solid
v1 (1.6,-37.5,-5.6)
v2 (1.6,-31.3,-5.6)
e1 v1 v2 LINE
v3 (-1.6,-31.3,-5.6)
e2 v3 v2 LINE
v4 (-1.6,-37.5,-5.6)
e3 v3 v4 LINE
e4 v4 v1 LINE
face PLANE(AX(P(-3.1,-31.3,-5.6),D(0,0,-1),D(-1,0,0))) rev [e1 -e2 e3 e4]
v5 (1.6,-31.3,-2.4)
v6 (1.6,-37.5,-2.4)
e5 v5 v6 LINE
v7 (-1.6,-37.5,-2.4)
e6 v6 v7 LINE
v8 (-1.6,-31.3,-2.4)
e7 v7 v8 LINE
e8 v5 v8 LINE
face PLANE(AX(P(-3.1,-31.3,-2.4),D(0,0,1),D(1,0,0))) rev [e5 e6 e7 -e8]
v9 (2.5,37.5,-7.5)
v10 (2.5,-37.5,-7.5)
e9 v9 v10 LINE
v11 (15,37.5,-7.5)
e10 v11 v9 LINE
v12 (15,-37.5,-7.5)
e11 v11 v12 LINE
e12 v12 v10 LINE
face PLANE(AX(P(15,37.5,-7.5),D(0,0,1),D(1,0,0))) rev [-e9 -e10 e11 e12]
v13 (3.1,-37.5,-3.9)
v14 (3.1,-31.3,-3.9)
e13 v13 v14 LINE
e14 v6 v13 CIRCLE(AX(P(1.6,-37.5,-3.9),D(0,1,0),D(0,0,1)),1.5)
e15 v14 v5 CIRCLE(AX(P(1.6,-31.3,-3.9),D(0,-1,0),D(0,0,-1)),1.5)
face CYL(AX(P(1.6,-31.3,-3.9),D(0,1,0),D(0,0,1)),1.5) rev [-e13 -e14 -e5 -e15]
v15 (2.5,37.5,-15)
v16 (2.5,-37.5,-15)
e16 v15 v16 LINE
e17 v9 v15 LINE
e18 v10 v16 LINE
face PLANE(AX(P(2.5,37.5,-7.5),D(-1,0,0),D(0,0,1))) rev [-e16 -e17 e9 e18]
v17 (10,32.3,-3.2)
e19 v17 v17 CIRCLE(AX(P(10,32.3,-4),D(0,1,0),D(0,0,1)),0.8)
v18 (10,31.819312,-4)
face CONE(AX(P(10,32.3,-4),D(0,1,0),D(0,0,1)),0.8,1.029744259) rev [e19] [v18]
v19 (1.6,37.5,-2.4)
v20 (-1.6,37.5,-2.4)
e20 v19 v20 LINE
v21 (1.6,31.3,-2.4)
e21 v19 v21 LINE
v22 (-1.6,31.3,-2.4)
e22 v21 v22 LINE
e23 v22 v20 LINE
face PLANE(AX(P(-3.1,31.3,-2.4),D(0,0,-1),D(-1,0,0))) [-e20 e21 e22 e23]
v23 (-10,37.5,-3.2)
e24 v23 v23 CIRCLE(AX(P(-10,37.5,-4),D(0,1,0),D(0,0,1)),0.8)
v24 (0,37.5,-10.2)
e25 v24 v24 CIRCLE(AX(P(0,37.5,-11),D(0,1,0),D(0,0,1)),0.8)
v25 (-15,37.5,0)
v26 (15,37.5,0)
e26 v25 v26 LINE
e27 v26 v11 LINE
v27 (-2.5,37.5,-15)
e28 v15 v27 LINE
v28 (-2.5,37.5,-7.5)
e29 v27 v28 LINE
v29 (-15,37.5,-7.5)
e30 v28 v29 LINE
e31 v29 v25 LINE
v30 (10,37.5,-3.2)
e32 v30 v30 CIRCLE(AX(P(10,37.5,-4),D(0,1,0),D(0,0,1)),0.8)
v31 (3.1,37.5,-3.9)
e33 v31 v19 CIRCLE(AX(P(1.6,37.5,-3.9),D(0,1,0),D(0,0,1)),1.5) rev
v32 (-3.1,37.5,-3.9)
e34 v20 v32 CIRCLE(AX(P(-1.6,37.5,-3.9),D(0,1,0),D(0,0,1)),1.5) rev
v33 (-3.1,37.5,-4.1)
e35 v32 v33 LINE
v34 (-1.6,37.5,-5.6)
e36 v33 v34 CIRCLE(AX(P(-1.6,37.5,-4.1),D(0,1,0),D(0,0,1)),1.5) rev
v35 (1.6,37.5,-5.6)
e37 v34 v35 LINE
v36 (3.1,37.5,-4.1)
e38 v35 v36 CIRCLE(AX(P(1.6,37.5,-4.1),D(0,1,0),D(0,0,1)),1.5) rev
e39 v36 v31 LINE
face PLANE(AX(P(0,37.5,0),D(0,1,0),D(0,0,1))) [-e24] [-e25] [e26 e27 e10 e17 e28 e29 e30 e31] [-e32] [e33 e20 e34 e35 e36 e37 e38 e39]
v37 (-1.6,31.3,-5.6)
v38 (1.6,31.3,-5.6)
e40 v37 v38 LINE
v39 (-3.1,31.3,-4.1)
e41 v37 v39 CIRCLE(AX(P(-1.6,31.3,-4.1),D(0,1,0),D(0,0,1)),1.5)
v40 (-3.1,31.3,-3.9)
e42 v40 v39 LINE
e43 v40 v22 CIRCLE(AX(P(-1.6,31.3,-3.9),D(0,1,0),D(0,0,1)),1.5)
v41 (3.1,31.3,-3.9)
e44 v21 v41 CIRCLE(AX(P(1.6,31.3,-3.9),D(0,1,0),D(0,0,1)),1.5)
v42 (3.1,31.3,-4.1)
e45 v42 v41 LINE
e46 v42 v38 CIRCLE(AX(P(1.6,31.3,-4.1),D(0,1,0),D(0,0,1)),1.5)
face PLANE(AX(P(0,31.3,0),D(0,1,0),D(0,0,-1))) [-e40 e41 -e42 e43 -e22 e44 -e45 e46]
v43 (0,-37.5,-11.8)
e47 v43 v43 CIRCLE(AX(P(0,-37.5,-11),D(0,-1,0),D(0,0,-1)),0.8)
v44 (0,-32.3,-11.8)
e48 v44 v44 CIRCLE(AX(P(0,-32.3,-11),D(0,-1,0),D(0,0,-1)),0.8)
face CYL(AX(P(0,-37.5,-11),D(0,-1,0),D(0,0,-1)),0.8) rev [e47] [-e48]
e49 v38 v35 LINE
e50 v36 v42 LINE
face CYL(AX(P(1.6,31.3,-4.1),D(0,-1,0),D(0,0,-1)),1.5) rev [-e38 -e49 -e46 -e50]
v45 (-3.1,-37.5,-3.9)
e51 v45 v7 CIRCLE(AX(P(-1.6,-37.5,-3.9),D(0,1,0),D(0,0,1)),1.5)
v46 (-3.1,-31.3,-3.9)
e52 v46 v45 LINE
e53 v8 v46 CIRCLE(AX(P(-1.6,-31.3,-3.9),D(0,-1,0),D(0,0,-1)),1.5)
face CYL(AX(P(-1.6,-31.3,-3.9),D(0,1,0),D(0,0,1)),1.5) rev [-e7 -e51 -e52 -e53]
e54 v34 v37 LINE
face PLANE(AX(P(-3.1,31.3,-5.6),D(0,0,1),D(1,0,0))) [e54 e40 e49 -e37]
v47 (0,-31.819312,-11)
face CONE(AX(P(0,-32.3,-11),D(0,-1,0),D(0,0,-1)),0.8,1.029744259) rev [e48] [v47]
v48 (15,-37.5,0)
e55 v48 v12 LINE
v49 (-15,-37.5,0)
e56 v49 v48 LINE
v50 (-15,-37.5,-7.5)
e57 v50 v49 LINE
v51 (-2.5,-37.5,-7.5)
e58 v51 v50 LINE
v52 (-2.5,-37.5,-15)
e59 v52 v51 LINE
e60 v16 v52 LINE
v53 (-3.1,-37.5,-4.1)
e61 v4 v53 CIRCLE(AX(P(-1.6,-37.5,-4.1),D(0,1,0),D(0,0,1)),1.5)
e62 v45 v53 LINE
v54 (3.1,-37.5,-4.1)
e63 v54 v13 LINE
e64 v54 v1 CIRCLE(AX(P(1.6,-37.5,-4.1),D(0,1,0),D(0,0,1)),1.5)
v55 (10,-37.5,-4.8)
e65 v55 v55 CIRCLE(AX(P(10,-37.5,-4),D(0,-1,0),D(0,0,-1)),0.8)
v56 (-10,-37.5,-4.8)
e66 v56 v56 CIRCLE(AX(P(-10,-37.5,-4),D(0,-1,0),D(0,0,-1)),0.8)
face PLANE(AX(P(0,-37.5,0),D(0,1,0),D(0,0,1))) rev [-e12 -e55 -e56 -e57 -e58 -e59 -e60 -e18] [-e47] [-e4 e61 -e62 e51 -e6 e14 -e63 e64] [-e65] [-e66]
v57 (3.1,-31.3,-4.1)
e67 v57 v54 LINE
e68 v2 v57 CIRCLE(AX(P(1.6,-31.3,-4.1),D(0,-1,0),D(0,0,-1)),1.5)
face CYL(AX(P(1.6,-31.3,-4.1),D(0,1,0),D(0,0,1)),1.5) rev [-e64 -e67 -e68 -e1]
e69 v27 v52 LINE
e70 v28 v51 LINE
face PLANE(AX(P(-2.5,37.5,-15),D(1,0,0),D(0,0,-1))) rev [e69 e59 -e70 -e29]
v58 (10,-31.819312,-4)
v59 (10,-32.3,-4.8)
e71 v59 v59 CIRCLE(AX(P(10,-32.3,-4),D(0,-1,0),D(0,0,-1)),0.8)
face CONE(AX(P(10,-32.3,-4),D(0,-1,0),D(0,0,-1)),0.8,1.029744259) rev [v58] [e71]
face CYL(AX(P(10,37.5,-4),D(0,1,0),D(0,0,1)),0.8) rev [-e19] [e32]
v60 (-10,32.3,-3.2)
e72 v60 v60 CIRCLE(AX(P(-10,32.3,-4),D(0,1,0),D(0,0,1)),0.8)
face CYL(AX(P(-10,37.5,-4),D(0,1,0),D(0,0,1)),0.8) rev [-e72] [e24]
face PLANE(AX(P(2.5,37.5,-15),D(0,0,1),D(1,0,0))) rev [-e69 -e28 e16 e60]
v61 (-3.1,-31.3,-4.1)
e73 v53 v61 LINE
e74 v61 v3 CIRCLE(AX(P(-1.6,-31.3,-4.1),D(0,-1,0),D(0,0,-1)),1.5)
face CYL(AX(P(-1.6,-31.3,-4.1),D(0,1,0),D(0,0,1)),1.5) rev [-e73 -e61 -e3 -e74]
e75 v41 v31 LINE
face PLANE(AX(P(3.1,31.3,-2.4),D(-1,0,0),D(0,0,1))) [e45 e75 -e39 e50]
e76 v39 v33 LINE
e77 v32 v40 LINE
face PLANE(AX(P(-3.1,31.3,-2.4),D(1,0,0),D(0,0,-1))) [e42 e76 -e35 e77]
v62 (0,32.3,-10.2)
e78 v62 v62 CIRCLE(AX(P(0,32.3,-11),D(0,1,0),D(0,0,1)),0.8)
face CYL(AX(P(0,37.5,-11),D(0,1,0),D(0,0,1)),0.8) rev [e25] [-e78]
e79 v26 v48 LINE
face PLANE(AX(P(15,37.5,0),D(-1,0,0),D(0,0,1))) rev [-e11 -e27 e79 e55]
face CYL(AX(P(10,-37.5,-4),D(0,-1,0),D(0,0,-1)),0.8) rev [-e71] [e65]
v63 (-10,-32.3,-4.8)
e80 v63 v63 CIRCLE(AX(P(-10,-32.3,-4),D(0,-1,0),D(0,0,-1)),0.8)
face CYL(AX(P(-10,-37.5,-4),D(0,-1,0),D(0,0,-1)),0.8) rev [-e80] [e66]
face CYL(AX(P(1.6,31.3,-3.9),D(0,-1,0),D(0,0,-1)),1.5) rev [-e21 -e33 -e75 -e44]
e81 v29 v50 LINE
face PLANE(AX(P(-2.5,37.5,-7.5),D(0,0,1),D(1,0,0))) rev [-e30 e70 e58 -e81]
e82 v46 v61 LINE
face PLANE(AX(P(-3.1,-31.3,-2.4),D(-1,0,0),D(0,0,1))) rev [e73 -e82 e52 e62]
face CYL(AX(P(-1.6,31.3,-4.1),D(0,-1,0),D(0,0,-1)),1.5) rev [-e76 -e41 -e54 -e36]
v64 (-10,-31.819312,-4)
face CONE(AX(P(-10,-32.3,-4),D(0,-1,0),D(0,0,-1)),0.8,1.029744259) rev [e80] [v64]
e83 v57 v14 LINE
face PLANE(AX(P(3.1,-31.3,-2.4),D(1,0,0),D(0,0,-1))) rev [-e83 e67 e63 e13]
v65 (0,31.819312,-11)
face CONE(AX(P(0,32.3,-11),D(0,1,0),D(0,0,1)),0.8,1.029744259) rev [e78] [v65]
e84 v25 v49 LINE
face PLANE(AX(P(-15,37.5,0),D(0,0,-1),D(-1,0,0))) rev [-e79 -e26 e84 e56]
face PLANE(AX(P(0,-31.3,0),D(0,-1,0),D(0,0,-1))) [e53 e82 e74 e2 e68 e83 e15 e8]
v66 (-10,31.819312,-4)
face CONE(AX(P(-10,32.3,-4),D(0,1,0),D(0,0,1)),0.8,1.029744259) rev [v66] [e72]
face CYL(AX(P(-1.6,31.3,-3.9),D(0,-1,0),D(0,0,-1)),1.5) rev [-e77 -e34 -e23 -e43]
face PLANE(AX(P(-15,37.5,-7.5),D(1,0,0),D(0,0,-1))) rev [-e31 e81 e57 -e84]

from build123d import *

# Parameters (mm, degrees)
BOSS_EXTRUDE1_DEPTH        = 37.5
SKETCH2_W                  = 6.2
SKETCH2_H                  = 3.2
CUT_EXTRUDE1_DEPTH         = 6.2
FILLET1_R                  = 1.5
M2_TAPPED_HOLE1_AT_2_COUNT = 2
M2_TAPPED_HOLE1_AT_2_PITCH = 12.206555616
M2_TAPPED_HOLE1_AT_3_COUNT = 2
M2_TAPPED_HOLE1_AT_3_PITCH = 20
FILLET1_OF_MIRROR1_R       = 1.5


with BuildPart() as part:
    # Sketch1 → Boss-Extrude1 (new body, symmetric)
    with BuildSketch(Plane(origin=(0, 0, 0), x_dir=(1, 0, 0), z_dir=(0, 1, 0))):
        Polygon((-15, 0), (15, 0), (15, 7.5), (2.5, 7.5), (2.5, 15), (-2.5, 15), (-2.5, 7.5), (-15, 7.5), align=None)
    extrude(amount=BOSS_EXTRUDE1_DEPTH, both=True)

    # Sketch2 → Cut-Extrude1 (cut)
    with BuildSketch(Plane.XZ.offset(37.5)):
        with Locations((0, -4)):
            Rectangle(SKETCH2_W, SKETCH2_H)
    cut_extrude1 = extrude(amount=-CUT_EXTRUDE1_DEPTH, mode=Mode.SUBTRACT)

    # Fillet1
    fillet1_edges = [part.edges().sort_by_distance(p)[0] for p in [
        (-3.1, -34.4, -5.6),
        (-3.1, -34.4, -2.4),
        (3.1, -34.4, -2.4),
        (3.1, -34.4, -5.6),
    ]]
    fillet(fillet1_edges, radius=FILLET1_R)

    # Sketch6 → M2 Tapped Hole1 (revolve, cut)
    with BuildSketch(Plane(origin=(-10, -37.5, -4), x_dir=(0, 0, -1), z_dir=(1, 0, 0))):
        Polygon((0, 0), (0, 5.680688495), (0.8, 5.2), (0.8, 0), align=None)
    m2_tapped_hole1 = revolve(axis=Axis((-10, -43.85, -4), (0, 1, 0)), mode=Mode.SUBTRACT)

    # M2 Tapped Hole1 at 2: M2 Tapped Hole1 ×2
    with Locations(*[Vector(0.819231921, 0, -0.573462344) * (i * M2_TAPPED_HOLE1_AT_2_PITCH) for i in range(1, M2_TAPPED_HOLE1_AT_2_COUNT)]):
        add(m2_tapped_hole1, mode=Mode.SUBTRACT)

    # M2 Tapped Hole1 at 3: M2 Tapped Hole1 ×2
    with Locations(*[(i * M2_TAPPED_HOLE1_AT_3_PITCH, 0, 0) for i in range(1, M2_TAPPED_HOLE1_AT_3_COUNT)]):
        add(m2_tapped_hole1, mode=Mode.SUBTRACT)

    # Mirror1: M2 Tapped Hole1, Cut-Extrude1 across plane
    add(m2_tapped_hole1.mirror(Plane.ZX), mode=Mode.SUBTRACT)
    add(cut_extrude1.mirror(Plane.ZX), mode=Mode.SUBTRACT)

    # Mirror1 copy 1 sketch → Mirror1 copy 1 (revolve, cut)
    with BuildSketch(Plane(origin=(0, 37.5, -11), x_dir=(0, 0, -1), z_dir=(1, 0, 0))):
        Polygon((0, 0), (0, -5.680688495), (0.8, -5.2), (0.8, 0), align=None)
    revolve(axis=Axis((0, 43.85, -11), (0, 1, 0)), mode=Mode.SUBTRACT)

    # Mirror1 copy 2 sketch → Mirror1 copy 2 (revolve, cut)
    with BuildSketch(Plane(origin=(10, 37.5, -4), x_dir=(0, 0, -1), z_dir=(1, 0, 0))):
        Polygon((0, 0), (0, -5.680688495), (0.8, -5.2), (0.8, 0), align=None)
    revolve(axis=Axis((10, 43.85, -4), (0, 1, 0)), mode=Mode.SUBTRACT)

    # Fillet1 of Mirror1
    fillet1_of_mirror1_edges = [part.edges().sort_by_distance(p)[0] for p in [
        (-3.1, 34.4, -5.6),
        (-3.1, 34.4, -2.4),
        (3.1, 34.4, -2.4),
        (3.1, 34.4, -5.6),
    ]]
    fillet(fillet1_of_mirror1_edges, radius=FILLET1_OF_MIRROR1_R)


solid = part.part
